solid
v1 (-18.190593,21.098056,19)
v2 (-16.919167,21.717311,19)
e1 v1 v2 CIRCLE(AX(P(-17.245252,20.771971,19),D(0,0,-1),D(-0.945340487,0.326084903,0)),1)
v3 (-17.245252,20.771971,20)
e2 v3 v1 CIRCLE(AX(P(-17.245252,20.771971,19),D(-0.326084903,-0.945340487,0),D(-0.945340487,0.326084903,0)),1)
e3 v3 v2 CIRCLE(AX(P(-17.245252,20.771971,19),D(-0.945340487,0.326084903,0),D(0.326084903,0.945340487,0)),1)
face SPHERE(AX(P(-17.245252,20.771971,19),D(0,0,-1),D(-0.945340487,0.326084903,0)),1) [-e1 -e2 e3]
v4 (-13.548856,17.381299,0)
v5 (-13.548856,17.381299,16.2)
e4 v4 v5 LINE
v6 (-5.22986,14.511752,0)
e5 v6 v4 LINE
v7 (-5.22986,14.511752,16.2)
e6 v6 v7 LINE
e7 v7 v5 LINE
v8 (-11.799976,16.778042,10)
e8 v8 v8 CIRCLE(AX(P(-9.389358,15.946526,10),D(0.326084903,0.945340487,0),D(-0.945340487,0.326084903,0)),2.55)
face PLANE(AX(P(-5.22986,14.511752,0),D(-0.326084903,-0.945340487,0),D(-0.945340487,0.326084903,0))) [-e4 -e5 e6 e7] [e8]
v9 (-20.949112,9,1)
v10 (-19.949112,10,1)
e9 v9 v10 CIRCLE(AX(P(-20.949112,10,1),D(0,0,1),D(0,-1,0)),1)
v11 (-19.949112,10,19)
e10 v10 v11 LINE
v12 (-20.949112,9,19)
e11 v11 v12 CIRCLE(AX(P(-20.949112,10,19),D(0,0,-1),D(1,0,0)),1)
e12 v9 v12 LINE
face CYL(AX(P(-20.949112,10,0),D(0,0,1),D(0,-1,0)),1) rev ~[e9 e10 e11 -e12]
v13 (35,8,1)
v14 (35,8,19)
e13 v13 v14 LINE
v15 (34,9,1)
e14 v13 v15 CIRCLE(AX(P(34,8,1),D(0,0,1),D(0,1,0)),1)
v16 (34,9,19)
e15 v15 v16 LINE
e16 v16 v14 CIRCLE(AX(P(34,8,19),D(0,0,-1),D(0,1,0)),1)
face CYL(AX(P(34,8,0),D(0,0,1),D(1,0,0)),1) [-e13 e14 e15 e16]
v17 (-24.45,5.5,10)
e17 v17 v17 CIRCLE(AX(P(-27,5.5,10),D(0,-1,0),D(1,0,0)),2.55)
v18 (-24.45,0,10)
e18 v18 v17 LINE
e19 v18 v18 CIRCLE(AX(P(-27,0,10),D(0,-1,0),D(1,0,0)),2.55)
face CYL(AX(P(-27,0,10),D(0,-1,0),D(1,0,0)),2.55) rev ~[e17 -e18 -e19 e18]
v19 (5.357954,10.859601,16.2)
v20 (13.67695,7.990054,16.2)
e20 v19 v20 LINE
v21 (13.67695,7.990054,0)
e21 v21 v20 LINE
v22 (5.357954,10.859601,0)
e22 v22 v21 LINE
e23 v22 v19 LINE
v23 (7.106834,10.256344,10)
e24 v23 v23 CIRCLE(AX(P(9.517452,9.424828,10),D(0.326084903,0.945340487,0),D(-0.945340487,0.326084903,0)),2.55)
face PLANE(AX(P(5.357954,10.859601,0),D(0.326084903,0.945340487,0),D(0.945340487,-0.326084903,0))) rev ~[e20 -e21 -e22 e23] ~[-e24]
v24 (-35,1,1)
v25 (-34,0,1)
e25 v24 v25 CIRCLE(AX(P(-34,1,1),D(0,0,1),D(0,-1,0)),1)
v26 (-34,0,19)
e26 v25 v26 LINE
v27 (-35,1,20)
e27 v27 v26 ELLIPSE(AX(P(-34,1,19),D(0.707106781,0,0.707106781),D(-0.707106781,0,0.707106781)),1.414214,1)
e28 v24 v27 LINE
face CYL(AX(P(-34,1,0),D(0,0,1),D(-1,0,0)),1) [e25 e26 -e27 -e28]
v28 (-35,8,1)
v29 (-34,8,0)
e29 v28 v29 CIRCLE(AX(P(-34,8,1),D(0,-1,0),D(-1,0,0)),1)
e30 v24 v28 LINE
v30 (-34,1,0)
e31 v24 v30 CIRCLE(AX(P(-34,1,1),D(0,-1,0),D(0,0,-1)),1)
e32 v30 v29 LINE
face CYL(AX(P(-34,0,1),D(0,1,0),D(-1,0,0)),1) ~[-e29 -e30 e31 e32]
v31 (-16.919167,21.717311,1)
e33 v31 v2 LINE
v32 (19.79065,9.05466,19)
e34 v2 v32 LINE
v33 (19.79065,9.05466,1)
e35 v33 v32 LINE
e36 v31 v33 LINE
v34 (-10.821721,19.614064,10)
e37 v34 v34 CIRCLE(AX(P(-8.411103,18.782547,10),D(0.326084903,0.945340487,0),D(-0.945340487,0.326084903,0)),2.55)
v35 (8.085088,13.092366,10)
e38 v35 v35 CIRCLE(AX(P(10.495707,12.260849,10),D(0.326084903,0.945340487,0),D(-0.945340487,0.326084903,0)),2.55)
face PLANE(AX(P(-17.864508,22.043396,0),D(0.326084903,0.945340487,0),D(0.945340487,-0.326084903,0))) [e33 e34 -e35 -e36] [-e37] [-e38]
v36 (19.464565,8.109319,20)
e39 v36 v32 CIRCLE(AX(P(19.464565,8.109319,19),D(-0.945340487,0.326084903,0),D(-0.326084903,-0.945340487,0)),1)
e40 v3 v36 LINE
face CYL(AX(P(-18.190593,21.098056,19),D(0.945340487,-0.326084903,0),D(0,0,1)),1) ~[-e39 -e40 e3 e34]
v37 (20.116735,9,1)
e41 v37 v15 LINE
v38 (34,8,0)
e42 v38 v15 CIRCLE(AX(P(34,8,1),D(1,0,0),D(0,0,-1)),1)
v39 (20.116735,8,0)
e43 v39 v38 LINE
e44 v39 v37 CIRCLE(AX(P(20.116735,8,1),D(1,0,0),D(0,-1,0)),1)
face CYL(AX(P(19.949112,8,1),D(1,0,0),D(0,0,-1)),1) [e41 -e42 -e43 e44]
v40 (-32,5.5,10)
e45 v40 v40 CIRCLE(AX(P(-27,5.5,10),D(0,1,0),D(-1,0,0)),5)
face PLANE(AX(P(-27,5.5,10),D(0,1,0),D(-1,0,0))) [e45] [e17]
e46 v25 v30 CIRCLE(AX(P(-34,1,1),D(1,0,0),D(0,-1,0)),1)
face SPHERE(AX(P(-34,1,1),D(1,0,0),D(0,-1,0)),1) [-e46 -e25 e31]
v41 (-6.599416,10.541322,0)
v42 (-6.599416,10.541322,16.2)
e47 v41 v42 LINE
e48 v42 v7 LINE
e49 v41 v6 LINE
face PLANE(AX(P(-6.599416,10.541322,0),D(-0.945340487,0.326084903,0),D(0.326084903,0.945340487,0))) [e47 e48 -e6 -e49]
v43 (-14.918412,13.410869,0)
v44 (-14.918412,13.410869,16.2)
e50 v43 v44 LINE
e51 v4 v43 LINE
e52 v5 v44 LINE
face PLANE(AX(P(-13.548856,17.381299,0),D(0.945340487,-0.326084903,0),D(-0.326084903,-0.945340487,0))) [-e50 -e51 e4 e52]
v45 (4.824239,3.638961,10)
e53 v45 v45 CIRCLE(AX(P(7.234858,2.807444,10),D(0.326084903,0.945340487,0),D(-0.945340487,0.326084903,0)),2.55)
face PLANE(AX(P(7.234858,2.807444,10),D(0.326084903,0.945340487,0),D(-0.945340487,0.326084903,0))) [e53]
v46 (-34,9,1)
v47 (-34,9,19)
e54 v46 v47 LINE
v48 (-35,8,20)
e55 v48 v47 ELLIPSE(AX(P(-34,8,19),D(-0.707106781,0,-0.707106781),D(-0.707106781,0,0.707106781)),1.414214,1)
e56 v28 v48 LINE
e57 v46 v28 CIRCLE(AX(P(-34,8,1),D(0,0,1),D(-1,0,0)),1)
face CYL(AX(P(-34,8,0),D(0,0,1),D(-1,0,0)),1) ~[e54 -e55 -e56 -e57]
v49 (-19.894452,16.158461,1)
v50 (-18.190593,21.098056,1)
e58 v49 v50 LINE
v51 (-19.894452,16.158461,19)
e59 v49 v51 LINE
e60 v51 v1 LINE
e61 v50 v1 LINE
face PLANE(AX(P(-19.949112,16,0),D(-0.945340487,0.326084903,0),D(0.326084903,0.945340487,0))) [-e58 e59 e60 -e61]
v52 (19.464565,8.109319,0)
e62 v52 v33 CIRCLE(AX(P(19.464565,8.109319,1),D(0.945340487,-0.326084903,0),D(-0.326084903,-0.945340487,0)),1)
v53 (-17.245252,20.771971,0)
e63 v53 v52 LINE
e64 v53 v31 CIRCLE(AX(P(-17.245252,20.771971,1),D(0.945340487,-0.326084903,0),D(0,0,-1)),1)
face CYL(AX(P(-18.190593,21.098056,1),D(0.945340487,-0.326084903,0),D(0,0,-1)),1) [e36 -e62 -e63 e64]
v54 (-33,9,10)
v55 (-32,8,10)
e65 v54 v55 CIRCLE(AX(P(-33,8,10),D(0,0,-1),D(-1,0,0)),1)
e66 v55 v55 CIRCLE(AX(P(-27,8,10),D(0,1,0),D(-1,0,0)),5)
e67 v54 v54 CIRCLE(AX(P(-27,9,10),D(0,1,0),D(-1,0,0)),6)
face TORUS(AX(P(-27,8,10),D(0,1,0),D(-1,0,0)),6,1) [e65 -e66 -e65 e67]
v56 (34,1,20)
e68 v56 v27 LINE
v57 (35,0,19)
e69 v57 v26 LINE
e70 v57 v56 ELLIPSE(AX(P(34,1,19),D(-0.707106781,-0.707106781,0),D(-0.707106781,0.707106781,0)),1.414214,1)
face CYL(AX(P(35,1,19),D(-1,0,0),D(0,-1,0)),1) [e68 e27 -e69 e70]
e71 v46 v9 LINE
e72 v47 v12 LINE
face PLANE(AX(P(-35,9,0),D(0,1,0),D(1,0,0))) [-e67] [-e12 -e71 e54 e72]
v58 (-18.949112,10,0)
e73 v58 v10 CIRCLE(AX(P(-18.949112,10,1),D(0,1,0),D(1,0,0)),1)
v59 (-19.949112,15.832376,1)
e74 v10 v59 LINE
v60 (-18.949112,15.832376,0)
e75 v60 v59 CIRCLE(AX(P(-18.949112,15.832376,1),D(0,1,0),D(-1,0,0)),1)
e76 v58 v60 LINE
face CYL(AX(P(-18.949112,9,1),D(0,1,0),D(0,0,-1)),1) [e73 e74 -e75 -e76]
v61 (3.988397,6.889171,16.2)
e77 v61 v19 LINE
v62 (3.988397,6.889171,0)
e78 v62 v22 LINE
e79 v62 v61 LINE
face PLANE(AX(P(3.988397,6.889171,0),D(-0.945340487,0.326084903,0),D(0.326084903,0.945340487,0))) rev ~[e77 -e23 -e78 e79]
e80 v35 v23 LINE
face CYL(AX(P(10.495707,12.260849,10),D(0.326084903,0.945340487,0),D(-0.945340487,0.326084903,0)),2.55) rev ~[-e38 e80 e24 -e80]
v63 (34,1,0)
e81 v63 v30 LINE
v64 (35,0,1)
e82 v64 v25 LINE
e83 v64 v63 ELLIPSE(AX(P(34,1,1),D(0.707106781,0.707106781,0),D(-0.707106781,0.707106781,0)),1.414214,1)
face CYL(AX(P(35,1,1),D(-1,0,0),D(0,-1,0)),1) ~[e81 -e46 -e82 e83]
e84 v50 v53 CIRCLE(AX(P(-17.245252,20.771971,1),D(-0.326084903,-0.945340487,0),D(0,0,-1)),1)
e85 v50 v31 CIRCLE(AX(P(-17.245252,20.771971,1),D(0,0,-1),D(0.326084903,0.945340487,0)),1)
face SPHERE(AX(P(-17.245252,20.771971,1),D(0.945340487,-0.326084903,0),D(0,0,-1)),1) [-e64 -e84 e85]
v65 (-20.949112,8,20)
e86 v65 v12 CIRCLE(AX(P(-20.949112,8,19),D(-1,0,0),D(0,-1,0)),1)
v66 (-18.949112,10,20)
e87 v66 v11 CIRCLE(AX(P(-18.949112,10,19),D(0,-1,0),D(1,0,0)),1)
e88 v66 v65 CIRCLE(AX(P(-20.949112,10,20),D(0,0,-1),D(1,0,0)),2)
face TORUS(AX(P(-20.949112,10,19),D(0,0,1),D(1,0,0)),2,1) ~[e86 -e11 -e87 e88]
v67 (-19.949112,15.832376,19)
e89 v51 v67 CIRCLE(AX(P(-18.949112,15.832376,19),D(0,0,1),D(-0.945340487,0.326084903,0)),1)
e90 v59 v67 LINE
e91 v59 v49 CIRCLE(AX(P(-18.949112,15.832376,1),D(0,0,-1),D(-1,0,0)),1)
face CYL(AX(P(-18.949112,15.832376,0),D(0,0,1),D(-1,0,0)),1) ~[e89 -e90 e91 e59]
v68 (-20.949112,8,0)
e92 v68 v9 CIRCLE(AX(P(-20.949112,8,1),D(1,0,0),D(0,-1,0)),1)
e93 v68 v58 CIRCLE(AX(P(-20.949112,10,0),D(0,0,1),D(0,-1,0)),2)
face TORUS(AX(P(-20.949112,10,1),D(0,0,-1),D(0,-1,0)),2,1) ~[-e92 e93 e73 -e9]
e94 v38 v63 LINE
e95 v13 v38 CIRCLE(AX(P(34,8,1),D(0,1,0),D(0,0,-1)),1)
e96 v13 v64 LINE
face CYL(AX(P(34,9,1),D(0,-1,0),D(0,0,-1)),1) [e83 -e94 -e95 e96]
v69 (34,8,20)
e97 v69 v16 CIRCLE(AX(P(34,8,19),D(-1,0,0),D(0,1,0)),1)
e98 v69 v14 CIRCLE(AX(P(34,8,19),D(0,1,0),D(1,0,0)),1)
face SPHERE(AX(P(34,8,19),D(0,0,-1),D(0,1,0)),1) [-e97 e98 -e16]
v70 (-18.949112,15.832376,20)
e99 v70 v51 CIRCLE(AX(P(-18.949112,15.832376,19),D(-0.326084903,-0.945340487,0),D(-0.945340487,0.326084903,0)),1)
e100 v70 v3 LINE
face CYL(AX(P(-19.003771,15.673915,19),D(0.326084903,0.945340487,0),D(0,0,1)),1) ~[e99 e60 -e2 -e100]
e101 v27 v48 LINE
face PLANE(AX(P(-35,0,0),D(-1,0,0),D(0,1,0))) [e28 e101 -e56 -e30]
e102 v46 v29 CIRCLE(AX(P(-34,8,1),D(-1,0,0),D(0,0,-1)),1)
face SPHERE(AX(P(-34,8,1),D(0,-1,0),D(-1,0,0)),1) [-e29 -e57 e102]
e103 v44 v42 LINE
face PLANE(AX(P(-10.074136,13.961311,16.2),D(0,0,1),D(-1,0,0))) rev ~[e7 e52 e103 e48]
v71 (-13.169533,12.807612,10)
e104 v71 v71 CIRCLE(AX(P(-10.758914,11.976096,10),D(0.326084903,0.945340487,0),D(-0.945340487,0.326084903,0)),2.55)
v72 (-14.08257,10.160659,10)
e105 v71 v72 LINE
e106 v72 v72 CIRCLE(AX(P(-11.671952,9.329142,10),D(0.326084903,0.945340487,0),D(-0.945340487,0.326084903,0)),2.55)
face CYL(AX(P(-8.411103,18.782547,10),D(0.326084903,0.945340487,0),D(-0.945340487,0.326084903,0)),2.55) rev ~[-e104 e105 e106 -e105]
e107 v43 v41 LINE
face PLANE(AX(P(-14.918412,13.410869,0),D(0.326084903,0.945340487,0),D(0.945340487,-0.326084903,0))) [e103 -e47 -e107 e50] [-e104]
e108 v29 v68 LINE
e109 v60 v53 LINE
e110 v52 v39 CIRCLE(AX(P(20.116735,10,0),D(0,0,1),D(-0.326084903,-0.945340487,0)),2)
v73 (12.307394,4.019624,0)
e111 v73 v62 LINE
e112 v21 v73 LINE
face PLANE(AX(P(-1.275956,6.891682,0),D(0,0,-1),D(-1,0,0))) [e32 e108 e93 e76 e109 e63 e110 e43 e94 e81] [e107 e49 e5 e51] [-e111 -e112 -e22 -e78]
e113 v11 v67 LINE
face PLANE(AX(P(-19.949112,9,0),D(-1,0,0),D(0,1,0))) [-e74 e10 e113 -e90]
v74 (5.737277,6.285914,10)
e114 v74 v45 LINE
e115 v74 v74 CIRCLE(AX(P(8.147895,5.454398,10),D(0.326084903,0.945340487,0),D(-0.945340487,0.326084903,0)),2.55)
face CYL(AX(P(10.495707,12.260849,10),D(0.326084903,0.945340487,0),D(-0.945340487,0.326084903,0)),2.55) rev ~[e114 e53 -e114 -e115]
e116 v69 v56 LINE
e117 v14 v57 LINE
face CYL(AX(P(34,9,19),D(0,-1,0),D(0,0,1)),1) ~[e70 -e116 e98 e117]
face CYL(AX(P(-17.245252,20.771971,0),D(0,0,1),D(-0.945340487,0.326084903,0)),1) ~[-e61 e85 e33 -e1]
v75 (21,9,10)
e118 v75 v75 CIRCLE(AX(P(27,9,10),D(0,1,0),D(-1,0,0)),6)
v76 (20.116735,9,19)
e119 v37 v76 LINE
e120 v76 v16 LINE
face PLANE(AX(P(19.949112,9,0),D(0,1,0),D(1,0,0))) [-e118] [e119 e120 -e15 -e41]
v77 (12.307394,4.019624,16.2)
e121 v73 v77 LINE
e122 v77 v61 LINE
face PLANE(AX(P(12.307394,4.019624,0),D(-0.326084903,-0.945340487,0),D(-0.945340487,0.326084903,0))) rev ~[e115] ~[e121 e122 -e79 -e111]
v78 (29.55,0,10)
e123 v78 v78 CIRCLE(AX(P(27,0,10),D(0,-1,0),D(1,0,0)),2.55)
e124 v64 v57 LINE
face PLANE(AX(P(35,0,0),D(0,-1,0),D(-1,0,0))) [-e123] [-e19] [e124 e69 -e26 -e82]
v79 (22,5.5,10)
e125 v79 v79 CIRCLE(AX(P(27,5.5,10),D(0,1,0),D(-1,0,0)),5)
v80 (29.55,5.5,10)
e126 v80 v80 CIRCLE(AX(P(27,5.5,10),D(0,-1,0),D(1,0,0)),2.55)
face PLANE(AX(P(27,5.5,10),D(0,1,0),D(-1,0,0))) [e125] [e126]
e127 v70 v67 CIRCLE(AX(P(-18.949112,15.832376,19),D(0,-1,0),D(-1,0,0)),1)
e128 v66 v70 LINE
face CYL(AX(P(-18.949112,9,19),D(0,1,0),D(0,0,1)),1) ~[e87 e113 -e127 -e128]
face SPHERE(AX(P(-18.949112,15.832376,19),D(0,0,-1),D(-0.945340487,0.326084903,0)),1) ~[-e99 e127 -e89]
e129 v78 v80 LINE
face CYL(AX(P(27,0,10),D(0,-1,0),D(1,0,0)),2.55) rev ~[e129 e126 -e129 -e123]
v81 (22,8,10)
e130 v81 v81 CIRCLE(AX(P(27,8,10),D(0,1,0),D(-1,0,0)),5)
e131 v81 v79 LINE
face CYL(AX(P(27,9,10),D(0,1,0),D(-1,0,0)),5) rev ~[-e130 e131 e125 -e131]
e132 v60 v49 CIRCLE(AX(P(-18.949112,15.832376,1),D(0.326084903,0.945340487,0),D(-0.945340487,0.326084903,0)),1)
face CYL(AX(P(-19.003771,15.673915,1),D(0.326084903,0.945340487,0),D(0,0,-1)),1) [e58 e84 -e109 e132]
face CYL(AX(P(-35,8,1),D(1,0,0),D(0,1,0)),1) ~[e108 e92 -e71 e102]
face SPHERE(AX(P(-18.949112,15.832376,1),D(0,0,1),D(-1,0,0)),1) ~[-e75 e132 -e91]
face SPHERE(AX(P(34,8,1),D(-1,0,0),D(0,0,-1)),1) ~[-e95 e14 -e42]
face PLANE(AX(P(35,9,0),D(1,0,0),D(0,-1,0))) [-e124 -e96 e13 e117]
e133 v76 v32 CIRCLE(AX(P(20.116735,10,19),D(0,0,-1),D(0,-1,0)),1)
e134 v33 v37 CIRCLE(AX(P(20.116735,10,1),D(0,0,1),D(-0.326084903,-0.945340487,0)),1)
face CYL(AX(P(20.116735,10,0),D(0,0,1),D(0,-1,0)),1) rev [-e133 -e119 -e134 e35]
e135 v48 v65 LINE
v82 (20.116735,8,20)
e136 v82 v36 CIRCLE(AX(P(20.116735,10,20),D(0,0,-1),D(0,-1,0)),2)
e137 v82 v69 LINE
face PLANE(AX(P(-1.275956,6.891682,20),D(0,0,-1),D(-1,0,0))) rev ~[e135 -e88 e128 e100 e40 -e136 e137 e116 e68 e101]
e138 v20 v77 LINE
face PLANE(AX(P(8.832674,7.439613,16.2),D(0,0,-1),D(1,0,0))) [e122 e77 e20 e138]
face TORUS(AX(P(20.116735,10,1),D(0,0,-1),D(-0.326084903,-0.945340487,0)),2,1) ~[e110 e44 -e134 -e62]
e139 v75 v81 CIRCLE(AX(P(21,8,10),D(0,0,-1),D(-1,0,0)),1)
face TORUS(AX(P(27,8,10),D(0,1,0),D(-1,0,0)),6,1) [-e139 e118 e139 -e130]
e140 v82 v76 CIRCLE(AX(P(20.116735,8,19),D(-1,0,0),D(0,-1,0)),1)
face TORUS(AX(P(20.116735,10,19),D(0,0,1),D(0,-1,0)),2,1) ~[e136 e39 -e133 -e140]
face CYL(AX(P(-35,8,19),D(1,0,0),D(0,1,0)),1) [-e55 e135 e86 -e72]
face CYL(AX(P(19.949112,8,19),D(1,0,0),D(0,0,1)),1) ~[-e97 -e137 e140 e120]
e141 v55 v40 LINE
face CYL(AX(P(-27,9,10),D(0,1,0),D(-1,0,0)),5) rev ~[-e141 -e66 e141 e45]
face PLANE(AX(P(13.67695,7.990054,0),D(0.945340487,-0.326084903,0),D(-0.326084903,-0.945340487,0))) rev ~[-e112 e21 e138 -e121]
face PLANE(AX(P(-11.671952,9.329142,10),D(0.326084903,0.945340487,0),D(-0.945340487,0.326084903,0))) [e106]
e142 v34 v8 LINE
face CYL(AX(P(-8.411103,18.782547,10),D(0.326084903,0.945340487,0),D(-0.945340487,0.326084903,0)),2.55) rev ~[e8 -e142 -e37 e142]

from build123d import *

# Parameters (mm, degrees)
PAD_DEPTH       = 20
SKETCH001_R     = 2.55
POCKET_DEPTH    = 22.0443961318
SKETCH002_R     = 2.55
POCKET001_DEPTH = 10
SKETCH003_R     = 5
POCKET002_DEPTH = 3.5
POCKET003_DEPTH = 16.2
FILLET_R        = 1


with BuildPart() as part:
    # Sketch → Pad (new body)
    with BuildSketch(Plane.XY):
        Polygon((-35, 0), (-35, 9), (-19.949111567, 9), (-19.949111567, 16), (-17.8645079021, 22.0433961318), (19.949111567, 9), (35, 9), (35, 0), align=None)
    extrude(amount=PAD_DEPTH)

    # Sketch001 (on Face8 of Pad) → Pocket (cut, through all)
    with BuildSketch(Plane.XZ):
        with Locations((-27, 10)):
            Circle(SKETCH001_R)
        with Locations((27, 10)):
            Circle(SKETCH001_R)
    extrude(amount=-POCKET_DEPTH, mode=Mode.SUBTRACT)

    # Sketch002 (on Face11 of Pocket) → Pocket001 (cut)
    with BuildSketch(Plane(origin=(4.8955675974, 14.1925560139, 0), x_dir=(-0.9453404867, 0.3260849033, 0), z_dir=(0.3260849033, 0.9453404867, 0))):
        with Locations((-5.9239387088, 10)):
            Circle(SKETCH002_R)
        with Locations((14.0760612912, 10)):
            Circle(SKETCH002_R)
    extrude(amount=-POCKET001_DEPTH, mode=Mode.SUBTRACT)

    # Sketch003 (on Face12 of Pocket001) → Pocket002 (cut)
    with BuildSketch(Plane(origin=(0, 9, 0), x_dir=(-1, 0, 0), z_dir=(0, 1, 0))):
        with Locations((-27, 10)):
            Circle(SKETCH003_R)
        with Locations((27, 10)):
            Circle(SKETCH003_R)
    extrude(amount=-POCKET002_DEPTH, mode=Mode.SUBTRACT)

    # Sketch004 (on Face4 of Pocket002) → Pocket003 (cut)
    with BuildSketch(Plane(origin=(0, 0, 0), x_dir=(1, 0, 0), z_dir=(0, 0, -1))):
        Polygon((-14.9184124801, -13.4108691689), (-6.5994161969, -10.5413220199), (-5.2298596031, -14.5117520642), (-13.5488558863, -17.3812992131), align=None)
        Polygon((3.9883972544, -6.889171103), (5.3579538482, -10.8596011473), (13.6769501314, -7.9900539983), (12.3073935376, -4.019623954), align=None)
    extrude(amount=-POCKET003_DEPTH, mode=Mode.SUBTRACT)

    # Fillet
    fillet_edges = [part.edges().sort_by_distance(p)[0] for p in [
        (0, 0, 0),
        (-35, 0, 10),
        (-35, 4.5, 0),
        (-35, 9, 10),
        (-27.474556, 9, 0),
        (1.042302, 15.521698, 0),
        (27.474556, 9, 0),
        (35, 4.5, 0),
        (-18.90681, 19.021698, 0),
        (-19.949112, 16, 10),
        (-19.949112, 12.5, 0),
        (35, 9, 10),
        (-17.864508, 22.043396, 10),
        (-18.90681, 19.021698, 20),
        (-19.949112, 12.5, 20),
        (-27.474556, 9, 20),
        (0, 0, 20),
        (27.474556, 9, 20),
        (35, 4.5, 20),
        (1.042302, 15.521698, 20),
        (19.949112, 9, 10),
        (-19.949112, 9, 10),
        (32, 9, 10),
        (-22, 9, 10),
    ]]
    fillet(fillet_edges, radius=FILLET_R)


solid = part.part
